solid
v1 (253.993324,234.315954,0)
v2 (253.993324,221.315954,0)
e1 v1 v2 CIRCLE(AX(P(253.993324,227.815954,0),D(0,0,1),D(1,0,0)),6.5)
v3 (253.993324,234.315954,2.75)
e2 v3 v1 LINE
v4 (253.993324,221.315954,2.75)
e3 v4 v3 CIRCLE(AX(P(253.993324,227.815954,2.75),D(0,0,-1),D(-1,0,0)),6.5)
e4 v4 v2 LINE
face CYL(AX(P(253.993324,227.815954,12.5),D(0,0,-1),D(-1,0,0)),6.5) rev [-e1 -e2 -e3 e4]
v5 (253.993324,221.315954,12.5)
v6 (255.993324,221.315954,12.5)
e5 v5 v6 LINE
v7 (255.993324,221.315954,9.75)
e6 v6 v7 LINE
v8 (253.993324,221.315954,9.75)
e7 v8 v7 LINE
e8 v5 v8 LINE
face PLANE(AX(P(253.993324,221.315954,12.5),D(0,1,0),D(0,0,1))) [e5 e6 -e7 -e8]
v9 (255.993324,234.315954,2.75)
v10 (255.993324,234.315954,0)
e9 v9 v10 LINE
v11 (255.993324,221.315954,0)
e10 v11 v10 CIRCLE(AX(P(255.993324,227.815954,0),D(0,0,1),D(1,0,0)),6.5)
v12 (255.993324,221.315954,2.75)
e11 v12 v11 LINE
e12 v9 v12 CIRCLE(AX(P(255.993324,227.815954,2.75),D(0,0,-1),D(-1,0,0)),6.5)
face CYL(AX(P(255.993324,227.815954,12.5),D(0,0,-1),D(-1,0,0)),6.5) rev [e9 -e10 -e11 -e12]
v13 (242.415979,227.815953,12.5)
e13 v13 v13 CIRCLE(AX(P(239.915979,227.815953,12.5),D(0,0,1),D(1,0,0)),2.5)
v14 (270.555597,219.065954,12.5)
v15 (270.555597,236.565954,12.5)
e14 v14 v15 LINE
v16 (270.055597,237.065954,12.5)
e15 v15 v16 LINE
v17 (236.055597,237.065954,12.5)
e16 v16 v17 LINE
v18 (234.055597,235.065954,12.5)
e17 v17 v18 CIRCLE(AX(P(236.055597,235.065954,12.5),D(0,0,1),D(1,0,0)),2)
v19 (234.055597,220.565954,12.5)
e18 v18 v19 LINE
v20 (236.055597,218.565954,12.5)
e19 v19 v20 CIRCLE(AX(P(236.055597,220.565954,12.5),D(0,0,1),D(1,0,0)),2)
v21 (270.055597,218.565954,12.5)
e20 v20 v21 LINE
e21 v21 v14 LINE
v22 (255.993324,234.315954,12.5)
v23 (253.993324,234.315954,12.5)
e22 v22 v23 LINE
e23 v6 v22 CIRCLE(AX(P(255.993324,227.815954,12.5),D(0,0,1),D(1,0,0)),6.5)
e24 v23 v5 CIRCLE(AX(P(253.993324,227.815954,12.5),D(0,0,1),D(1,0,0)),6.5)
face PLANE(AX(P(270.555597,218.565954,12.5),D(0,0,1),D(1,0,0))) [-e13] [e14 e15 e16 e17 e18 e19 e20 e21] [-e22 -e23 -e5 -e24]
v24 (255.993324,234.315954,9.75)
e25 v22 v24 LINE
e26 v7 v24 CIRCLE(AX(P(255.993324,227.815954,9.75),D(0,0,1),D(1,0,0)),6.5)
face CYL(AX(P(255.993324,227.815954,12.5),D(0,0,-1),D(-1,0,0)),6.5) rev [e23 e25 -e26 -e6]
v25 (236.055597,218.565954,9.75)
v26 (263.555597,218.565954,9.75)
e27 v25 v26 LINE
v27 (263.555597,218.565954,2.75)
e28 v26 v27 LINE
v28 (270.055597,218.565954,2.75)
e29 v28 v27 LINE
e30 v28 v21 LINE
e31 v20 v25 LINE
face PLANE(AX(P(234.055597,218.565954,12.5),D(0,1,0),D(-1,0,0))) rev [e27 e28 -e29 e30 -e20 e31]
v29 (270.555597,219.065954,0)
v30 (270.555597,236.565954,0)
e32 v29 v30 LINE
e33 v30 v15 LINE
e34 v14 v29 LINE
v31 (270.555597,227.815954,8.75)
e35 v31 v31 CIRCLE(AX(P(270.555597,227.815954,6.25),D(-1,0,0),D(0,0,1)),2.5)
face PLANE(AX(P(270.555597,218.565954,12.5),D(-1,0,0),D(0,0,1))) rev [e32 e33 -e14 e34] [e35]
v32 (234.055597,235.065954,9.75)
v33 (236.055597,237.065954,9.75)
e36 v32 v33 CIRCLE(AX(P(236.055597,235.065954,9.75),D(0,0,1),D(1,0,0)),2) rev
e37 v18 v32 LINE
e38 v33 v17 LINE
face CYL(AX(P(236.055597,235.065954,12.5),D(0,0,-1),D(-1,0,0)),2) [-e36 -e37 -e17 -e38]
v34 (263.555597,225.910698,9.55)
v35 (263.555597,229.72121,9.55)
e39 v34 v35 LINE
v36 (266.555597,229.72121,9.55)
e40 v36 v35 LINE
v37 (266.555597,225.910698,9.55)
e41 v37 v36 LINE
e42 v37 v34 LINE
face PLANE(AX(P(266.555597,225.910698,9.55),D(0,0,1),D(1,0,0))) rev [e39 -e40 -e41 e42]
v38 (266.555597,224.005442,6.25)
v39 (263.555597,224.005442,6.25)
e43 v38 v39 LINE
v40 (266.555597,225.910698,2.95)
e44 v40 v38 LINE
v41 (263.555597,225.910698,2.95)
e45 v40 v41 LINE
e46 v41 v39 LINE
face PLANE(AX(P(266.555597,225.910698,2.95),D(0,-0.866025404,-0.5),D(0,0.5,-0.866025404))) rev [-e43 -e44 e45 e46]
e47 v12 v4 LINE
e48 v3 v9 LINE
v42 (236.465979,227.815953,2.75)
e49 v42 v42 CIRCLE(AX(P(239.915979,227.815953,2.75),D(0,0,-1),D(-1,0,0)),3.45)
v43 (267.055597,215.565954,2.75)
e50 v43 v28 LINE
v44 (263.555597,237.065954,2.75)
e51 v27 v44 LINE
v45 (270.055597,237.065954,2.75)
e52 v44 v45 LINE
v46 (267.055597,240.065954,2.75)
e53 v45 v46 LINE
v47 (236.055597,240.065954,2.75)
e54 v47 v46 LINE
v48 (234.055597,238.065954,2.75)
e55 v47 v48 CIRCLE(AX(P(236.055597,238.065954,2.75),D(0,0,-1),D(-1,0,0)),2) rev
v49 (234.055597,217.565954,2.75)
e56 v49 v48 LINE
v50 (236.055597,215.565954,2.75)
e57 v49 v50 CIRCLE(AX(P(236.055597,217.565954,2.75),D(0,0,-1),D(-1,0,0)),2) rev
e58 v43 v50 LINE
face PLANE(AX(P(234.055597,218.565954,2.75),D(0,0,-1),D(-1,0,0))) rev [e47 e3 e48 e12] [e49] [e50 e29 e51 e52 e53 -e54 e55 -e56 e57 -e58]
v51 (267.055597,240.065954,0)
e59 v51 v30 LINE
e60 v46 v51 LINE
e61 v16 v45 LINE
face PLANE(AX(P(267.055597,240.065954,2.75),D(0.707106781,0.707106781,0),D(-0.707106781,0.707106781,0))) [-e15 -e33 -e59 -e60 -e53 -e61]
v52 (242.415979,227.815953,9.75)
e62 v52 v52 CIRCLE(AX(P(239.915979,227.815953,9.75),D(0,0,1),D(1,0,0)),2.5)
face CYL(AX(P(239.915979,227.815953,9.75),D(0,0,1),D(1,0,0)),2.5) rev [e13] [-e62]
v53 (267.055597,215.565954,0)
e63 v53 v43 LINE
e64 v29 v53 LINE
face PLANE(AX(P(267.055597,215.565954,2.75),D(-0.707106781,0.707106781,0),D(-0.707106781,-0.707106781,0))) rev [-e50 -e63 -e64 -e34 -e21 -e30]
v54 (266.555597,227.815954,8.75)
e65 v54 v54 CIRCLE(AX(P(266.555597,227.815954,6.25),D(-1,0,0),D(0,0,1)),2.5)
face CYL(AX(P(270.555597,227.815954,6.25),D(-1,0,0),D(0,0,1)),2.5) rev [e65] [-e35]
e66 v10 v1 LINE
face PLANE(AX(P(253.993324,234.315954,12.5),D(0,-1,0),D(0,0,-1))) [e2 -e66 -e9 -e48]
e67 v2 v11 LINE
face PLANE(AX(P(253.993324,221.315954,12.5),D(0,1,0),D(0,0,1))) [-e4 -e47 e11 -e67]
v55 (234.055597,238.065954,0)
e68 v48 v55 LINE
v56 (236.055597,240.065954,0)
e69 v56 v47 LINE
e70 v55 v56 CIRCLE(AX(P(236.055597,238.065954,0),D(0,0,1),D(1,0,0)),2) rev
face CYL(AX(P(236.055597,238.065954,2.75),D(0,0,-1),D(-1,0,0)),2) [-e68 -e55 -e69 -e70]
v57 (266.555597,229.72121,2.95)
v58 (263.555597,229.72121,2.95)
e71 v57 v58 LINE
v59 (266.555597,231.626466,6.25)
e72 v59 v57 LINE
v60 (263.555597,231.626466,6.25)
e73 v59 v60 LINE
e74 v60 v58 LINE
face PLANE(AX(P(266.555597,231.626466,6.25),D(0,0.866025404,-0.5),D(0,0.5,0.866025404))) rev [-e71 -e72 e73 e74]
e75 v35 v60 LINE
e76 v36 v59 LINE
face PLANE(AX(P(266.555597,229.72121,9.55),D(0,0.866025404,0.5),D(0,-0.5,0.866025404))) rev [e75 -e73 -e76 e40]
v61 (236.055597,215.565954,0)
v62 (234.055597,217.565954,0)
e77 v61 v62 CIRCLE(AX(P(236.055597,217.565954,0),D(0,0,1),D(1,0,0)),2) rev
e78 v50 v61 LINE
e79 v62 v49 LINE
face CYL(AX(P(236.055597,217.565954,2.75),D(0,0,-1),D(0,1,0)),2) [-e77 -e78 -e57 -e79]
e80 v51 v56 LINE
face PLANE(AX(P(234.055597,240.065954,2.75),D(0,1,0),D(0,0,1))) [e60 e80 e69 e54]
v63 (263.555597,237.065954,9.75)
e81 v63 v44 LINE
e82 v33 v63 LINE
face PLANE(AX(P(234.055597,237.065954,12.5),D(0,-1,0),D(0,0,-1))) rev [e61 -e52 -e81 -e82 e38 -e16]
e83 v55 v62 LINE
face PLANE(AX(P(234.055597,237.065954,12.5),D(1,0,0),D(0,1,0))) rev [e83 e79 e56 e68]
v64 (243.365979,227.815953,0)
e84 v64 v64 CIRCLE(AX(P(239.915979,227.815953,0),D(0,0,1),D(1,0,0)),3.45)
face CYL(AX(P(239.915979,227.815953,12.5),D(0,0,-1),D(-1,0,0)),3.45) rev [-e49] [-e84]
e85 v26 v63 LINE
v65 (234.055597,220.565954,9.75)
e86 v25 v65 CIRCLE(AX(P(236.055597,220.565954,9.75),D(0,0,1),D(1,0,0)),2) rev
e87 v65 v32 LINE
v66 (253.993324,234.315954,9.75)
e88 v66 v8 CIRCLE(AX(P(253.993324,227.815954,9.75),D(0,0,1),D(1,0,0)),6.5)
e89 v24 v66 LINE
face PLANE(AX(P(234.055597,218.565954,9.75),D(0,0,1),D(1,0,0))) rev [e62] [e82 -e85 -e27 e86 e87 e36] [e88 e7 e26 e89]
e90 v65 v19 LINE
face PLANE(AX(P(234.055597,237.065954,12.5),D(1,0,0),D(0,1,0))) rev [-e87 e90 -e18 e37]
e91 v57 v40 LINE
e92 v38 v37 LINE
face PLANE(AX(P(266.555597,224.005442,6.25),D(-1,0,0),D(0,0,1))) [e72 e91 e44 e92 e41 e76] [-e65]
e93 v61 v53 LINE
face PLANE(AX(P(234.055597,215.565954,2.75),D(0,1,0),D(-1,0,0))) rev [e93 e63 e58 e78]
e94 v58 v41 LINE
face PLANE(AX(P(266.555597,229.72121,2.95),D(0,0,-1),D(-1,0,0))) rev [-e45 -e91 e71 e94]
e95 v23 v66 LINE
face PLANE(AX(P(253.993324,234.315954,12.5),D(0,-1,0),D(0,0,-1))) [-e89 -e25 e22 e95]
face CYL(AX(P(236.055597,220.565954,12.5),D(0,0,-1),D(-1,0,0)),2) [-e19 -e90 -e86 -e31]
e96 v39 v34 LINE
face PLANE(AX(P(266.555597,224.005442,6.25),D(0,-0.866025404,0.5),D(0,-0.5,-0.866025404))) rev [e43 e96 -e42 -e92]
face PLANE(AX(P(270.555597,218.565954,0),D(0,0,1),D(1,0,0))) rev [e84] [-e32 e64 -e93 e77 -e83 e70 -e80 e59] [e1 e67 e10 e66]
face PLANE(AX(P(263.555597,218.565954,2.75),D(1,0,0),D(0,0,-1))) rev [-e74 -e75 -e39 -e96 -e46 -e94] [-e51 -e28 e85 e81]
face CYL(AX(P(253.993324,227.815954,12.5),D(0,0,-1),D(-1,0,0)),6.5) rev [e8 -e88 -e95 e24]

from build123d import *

# Parameters (mm, degrees)
SKETCH1_W           = 36.5
SKETCH1_H           = 18.5
SKETCH1_R           = 3.45
BOSS_EXTRUDE1_DEPTH = 12.5
SKETCH2_W           = 29.5
SKETCH2_H           = 7
CUT_EXTRUDE1_DEPTH  = 19.5
SKETCH3_R           = 3.45
SKETCH3_R_2         = 2.5
BOSS_EXTRUDE3_DEPTH = 2.75
SKETCH4_W           = 36.5
SKETCH4_H           = 2.75
BOSS_EXTRUDE4_DEPTH = 3
SKETCH5_W           = 36.5
SKETCH5_H           = 2.75
BOSS_EXTRUDE5_DEPTH = 3
CHAMFER1_SIZE       = 3.5
CHAMFER3_SIZE       = 3.5
CUT_EXTRUDE2_DEPTH  = 3
SKETCH7_R           = 2.5
CUT_EXTRUDE3_DEPTH  = 5
FILLET1_R           = 2


with BuildPart() as part:
    # Sketch1 → Boss-Extrude1 (new body)
    with BuildSketch(Plane.XY):
        with Locations((252.305597075, 227.81595418)):
            Rectangle(SKETCH1_W, SKETCH1_H)
        with Locations((239.915979082, 227.815953297)):
            Circle(SKETCH1_R, mode=Mode.SUBTRACT)
        with BuildLine():
            Line((253.99332378, 221.31595418), (255.99332378, 221.31595418))
            ThreePointArc((255.99332378, 221.31595418), (262.49332378, 227.81595418), (255.99332378, 234.31595418))
            Line((255.99332378, 234.31595418), (253.99332378, 234.31595418))
            ThreePointArc((253.99332378, 234.31595418), (247.49332378, 227.81595418), (253.99332378, 221.31595418))
        make_face(mode=Mode.SUBTRACT)
    extrude(amount=BOSS_EXTRUDE1_DEPTH)

    # Sketch2 → Cut-Extrude1 (cut, through all)
    with BuildSketch(Plane(origin=(0, 237.06595418, 0), x_dir=(1, 0, 0), z_dir=(0, 1, 0))):
        with Locations((248.805597075, -6.25)):
            Rectangle(SKETCH2_W, SKETCH2_H)
    extrude(amount=-CUT_EXTRUDE1_DEPTH, mode=Mode.SUBTRACT)

    # Sketch3 → Boss-Extrude3 (add)
    with BuildSketch(Plane.XY.offset(12.5)):
        with Locations((239.915979082, 227.815953297)):
            Circle(SKETCH3_R)
        with Locations((239.915979082, 227.815953297)):
            Circle(SKETCH3_R_2, mode=Mode.SUBTRACT)
    extrude(amount=-BOSS_EXTRUDE3_DEPTH)

    # Sketch4 → Boss-Extrude4 (add)
    with BuildSketch(Plane(origin=(0, 237.06595418, 0), x_dir=(1, 0, 0), z_dir=(0, 1, 0))):
        with Locations((252.305597075, -1.375)):
            Rectangle(SKETCH4_W, SKETCH4_H)
    extrude(amount=BOSS_EXTRUDE4_DEPTH)

    # Sketch5 → Boss-Extrude5 (add)
    with BuildSketch(Plane.XZ.offset(-218.56595418)):
        with Locations((252.305597075, 1.375)):
            Rectangle(SKETCH5_W, SKETCH5_H)
    extrude(amount=BOSS_EXTRUDE5_DEPTH)

    # Chamfer1
    chamfer1_edges = [part.edges().sort_by_distance(p)[0] for p in [
        (270.555597075, 215.56595418, 1.375),
    ]]
    chamfer(chamfer1_edges, length=CHAMFER1_SIZE)

    # Chamfer3
    chamfer3_edges = [part.edges().sort_by_distance(p)[0] for p in [
        (270.555597075, 240.06595418, 1.375),
    ]]
    chamfer(chamfer3_edges, length=CHAMFER3_SIZE)

    # Sketch6 → Cut-Extrude2 (cut)
    with BuildSketch(Plane.ZY.offset(-263.555597075)):
        Polygon((6.25, 224.005442403), (9.55, 225.910698292), (9.55, 229.721210068), (6.25, 231.626465957), (2.95, 229.721210068), (2.95, 225.910698292), align=None)
    extrude(amount=-CUT_EXTRUDE2_DEPTH, mode=Mode.SUBTRACT)

    # Sketch7 → Cut-Extrude3 (cut, through all)
    with BuildSketch(Plane.ZY.offset(-266.555597075)):
        with Locations((6.25, 227.81595418)):
            Circle(SKETCH7_R)
    extrude(amount=-CUT_EXTRUDE3_DEPTH, mode=Mode.SUBTRACT)

    # Fillet1
    fillet1_edges = [part.edges().sort_by_distance(p)[0] for p in [
        (234.055597075, 240.06595418, 1.375),
        (234.055597075, 218.56595418, 11.125),
        (234.055597075, 237.06595418, 11.125),
        (234.055597075, 215.56595418, 1.375),
    ]]
    fillet(fillet1_edges, radius=FILLET1_R)


solid = part.part
